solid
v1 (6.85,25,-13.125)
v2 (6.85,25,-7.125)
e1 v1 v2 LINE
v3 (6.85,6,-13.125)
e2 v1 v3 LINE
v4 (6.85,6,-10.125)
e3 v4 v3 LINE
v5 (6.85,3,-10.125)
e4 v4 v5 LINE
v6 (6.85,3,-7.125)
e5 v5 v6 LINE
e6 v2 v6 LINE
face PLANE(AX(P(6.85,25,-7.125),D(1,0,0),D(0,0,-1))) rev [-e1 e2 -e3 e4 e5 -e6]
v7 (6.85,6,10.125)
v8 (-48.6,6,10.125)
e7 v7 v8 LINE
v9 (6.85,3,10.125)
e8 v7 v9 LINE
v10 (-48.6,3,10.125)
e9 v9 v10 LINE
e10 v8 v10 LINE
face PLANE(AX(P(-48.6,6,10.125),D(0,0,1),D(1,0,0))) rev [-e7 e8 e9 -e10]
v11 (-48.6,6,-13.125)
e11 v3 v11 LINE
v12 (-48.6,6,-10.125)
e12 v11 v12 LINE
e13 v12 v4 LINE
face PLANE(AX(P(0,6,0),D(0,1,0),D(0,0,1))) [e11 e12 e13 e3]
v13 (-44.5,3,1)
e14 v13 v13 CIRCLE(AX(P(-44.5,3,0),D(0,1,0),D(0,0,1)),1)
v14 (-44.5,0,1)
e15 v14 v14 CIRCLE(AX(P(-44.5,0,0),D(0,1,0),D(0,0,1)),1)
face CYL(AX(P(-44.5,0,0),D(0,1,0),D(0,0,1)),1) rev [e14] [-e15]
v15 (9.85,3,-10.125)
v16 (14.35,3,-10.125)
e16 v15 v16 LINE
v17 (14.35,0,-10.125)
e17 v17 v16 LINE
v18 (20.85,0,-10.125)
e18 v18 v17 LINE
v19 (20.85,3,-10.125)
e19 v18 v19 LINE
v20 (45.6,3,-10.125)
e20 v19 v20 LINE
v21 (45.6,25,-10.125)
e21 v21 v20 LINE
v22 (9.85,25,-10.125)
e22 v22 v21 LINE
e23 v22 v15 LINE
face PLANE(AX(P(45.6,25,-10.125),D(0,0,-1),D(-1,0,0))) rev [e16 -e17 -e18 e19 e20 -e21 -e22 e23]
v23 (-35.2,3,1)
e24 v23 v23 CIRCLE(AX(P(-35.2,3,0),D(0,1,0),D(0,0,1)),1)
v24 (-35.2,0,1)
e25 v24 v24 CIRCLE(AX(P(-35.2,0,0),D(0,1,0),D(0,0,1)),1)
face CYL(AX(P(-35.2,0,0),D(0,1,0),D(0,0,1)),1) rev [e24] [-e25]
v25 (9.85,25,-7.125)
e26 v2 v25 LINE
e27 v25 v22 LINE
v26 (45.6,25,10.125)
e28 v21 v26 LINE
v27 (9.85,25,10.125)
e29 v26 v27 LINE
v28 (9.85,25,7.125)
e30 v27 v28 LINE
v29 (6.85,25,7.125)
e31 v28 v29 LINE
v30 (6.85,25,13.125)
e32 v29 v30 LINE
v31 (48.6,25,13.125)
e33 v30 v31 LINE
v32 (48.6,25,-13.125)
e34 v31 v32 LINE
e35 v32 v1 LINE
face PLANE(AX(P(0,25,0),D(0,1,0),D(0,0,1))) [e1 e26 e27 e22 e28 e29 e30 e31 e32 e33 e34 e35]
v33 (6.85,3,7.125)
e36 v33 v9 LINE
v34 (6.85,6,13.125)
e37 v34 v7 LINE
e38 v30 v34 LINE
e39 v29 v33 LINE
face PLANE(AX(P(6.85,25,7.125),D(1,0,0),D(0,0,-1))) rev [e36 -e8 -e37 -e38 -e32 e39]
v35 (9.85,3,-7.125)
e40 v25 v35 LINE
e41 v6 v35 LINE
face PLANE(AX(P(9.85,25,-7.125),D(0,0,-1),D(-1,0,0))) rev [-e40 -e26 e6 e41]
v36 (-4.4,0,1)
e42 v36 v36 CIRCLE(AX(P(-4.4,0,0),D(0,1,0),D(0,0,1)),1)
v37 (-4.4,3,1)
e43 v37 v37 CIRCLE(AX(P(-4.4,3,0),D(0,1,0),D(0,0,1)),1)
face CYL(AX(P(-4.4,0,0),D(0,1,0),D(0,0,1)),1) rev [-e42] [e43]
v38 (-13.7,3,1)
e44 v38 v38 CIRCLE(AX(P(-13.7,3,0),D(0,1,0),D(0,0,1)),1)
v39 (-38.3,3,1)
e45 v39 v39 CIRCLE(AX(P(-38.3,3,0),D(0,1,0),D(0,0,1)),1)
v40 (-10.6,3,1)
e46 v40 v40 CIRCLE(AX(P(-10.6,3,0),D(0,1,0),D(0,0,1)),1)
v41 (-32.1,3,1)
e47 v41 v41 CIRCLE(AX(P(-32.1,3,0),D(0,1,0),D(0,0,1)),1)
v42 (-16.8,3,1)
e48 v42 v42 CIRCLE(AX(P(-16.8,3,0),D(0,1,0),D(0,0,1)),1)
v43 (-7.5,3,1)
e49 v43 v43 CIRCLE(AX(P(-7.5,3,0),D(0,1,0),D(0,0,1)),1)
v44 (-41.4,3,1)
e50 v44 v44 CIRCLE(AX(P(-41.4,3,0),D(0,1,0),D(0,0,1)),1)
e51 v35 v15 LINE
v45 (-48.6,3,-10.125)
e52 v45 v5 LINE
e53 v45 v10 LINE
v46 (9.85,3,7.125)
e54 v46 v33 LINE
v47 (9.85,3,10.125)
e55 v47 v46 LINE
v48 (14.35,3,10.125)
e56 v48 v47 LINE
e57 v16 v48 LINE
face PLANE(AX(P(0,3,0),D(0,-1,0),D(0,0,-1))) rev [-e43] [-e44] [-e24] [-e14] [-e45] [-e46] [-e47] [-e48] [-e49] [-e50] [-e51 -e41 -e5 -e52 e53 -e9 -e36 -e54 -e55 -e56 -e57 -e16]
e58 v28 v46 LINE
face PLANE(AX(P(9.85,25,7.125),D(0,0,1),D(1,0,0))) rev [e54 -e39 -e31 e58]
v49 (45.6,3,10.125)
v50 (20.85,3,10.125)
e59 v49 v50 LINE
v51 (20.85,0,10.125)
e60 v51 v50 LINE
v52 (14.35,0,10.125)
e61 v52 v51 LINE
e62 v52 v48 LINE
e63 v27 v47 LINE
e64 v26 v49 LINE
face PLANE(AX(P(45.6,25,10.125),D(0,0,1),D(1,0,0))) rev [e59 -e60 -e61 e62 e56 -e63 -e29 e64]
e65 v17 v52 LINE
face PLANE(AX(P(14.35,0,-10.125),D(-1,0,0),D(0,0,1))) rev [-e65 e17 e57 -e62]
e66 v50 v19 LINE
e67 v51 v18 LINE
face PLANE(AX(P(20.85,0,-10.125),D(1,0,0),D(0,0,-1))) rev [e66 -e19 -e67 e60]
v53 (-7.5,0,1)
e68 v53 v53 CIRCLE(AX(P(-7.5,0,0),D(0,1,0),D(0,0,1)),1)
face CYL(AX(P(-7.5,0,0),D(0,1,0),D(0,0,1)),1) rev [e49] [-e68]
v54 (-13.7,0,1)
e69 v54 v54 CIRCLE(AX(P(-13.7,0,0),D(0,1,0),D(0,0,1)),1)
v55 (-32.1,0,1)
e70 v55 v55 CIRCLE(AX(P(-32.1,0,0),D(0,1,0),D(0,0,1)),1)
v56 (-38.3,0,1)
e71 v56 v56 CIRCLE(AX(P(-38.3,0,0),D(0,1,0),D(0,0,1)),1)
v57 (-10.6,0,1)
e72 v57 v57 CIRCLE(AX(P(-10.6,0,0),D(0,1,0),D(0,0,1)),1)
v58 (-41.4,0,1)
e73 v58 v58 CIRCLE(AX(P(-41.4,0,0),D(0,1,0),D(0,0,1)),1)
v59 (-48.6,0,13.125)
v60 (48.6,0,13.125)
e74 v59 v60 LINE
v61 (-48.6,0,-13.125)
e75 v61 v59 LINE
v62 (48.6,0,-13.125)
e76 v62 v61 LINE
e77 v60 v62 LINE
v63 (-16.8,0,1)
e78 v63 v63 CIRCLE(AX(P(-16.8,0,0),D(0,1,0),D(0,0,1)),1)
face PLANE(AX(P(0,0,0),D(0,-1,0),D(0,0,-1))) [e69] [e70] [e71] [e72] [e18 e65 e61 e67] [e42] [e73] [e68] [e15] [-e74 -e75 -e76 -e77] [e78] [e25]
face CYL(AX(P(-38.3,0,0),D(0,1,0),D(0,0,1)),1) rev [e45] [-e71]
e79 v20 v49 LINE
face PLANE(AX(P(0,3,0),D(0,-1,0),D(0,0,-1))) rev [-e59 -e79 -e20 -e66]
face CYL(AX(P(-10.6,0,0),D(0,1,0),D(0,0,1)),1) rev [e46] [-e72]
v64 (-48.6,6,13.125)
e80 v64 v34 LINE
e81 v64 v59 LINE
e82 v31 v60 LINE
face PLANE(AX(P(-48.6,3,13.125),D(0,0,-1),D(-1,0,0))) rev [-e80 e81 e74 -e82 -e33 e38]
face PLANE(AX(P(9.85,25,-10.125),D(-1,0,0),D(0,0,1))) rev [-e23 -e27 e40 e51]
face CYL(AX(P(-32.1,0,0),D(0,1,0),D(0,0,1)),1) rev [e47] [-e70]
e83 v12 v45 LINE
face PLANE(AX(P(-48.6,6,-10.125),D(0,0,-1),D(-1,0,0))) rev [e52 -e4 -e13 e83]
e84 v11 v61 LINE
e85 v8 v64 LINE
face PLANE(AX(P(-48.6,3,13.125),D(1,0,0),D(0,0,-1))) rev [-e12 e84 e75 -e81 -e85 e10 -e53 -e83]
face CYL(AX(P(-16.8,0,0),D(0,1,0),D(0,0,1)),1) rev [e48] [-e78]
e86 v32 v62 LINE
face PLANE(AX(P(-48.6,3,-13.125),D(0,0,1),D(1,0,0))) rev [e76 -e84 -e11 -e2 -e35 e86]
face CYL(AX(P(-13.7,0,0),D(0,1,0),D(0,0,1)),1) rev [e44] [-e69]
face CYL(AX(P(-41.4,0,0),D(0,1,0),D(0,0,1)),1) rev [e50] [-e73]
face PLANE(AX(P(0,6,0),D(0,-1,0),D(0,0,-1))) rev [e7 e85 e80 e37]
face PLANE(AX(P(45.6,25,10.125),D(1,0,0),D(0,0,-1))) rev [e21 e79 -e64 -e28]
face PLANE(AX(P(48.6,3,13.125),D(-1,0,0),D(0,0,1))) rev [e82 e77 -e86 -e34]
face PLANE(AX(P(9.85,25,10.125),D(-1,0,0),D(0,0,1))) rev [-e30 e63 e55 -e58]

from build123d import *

# Parameters (mm, degrees)
SKETCH1_W           = 97.2
SKETCH1_H           = 26.25
BOSS_EXTRUDE1_DEPTH = 3
BOSS_EXTRUDE2_DEPTH = 22
SKETCH3_W           = 6.5
SKETCH3_H           = 20.25
CUT_EXTRUDE1_DEPTH  = 4
SKETCH5_R           = 1
CUT_EXTRUDE2_DEPTH  = 4
SKETCH6_W           = 55.45
SKETCH6_H           = 3
BOSS_EXTRUDE3_DEPTH = 3


with BuildPart() as part:
    # Sketch1 → Boss-Extrude1 (new body)
    with BuildSketch(Plane(origin=(0, 0, 0), x_dir=(1, 0, 0), z_dir=(0, 1, 0))):
        Rectangle(SKETCH1_W, SKETCH1_H)
    extrude(amount=BOSS_EXTRUDE1_DEPTH)

    # Sketch2 → Boss-Extrude2 (add)
    with BuildSketch(Plane(origin=(0, 3, 0), x_dir=(1, 0, 0), z_dir=(0, 1, 0))):
        Polygon((48.6, -13.125), (9.85, -13.125), (6.85, -13.125), (6.85, -7.125), (9.85, -7.125), (9.85, -10.125), (45.6, -10.125), (45.6, 10.125), (9.85, 10.125), (9.85, 7.125), (6.85, 7.125), (6.85, 13.125), (9.6, 13.125), (45.6, 13.125), (48.6, 13.125), align=None)
    extrude(amount=BOSS_EXTRUDE2_DEPTH)

    # Sketch3 → Cut-Extrude1 (cut, through all)
    with BuildSketch(Plane(origin=(0, 3, 0), x_dir=(1, 0, 0), z_dir=(0, 1, 0))):
        with Locations((17.6, 0)):
            Rectangle(SKETCH3_W, SKETCH3_H)
    extrude(amount=-CUT_EXTRUDE1_DEPTH, mode=Mode.SUBTRACT)

    # Sketch5 → Cut-Extrude2 (cut, through all)
    with BuildSketch(Plane(origin=(0, 3, 0), x_dir=(1, 0, 0), z_dir=(0, 1, 0))):
        with Locations((-32.1, 0)):
            Circle(SKETCH5_R)
        with Locations((-16.8, 0)):
            Circle(SKETCH5_R)
        with Locations((-13.7, 0)):
            Circle(SKETCH5_R)
        with Locations((-10.6, 0)):
            Circle(SKETCH5_R)
        with Locations((-7.5, 0)):
            Circle(SKETCH5_R)
        with Locations((-4.4, 0)):
            Circle(SKETCH5_R)
        with Locations((-35.2, 0)):
            Circle(SKETCH5_R)
        with Locations((-38.3, 0)):
            Circle(SKETCH5_R)
        with Locations((-41.4, 0)):
            Circle(SKETCH5_R)
        with Locations((-44.5, 0)):
            Circle(SKETCH5_R)
    extrude(amount=-CUT_EXTRUDE2_DEPTH, mode=Mode.SUBTRACT)

    # Sketch6 → Boss-Extrude3 (add)
    with BuildSketch(Plane(origin=(0, 3, 0), x_dir=(1, 0, 0), z_dir=(0, 1, 0))):
        with Locations((-20.875, 11.625)):
            Rectangle(SKETCH6_W, SKETCH6_H)
        with Locations((-20.875, -11.625)):
            Rectangle(SKETCH6_W, SKETCH6_H)
    extrude(amount=BOSS_EXTRUDE3_DEPTH)


solid = part.part
